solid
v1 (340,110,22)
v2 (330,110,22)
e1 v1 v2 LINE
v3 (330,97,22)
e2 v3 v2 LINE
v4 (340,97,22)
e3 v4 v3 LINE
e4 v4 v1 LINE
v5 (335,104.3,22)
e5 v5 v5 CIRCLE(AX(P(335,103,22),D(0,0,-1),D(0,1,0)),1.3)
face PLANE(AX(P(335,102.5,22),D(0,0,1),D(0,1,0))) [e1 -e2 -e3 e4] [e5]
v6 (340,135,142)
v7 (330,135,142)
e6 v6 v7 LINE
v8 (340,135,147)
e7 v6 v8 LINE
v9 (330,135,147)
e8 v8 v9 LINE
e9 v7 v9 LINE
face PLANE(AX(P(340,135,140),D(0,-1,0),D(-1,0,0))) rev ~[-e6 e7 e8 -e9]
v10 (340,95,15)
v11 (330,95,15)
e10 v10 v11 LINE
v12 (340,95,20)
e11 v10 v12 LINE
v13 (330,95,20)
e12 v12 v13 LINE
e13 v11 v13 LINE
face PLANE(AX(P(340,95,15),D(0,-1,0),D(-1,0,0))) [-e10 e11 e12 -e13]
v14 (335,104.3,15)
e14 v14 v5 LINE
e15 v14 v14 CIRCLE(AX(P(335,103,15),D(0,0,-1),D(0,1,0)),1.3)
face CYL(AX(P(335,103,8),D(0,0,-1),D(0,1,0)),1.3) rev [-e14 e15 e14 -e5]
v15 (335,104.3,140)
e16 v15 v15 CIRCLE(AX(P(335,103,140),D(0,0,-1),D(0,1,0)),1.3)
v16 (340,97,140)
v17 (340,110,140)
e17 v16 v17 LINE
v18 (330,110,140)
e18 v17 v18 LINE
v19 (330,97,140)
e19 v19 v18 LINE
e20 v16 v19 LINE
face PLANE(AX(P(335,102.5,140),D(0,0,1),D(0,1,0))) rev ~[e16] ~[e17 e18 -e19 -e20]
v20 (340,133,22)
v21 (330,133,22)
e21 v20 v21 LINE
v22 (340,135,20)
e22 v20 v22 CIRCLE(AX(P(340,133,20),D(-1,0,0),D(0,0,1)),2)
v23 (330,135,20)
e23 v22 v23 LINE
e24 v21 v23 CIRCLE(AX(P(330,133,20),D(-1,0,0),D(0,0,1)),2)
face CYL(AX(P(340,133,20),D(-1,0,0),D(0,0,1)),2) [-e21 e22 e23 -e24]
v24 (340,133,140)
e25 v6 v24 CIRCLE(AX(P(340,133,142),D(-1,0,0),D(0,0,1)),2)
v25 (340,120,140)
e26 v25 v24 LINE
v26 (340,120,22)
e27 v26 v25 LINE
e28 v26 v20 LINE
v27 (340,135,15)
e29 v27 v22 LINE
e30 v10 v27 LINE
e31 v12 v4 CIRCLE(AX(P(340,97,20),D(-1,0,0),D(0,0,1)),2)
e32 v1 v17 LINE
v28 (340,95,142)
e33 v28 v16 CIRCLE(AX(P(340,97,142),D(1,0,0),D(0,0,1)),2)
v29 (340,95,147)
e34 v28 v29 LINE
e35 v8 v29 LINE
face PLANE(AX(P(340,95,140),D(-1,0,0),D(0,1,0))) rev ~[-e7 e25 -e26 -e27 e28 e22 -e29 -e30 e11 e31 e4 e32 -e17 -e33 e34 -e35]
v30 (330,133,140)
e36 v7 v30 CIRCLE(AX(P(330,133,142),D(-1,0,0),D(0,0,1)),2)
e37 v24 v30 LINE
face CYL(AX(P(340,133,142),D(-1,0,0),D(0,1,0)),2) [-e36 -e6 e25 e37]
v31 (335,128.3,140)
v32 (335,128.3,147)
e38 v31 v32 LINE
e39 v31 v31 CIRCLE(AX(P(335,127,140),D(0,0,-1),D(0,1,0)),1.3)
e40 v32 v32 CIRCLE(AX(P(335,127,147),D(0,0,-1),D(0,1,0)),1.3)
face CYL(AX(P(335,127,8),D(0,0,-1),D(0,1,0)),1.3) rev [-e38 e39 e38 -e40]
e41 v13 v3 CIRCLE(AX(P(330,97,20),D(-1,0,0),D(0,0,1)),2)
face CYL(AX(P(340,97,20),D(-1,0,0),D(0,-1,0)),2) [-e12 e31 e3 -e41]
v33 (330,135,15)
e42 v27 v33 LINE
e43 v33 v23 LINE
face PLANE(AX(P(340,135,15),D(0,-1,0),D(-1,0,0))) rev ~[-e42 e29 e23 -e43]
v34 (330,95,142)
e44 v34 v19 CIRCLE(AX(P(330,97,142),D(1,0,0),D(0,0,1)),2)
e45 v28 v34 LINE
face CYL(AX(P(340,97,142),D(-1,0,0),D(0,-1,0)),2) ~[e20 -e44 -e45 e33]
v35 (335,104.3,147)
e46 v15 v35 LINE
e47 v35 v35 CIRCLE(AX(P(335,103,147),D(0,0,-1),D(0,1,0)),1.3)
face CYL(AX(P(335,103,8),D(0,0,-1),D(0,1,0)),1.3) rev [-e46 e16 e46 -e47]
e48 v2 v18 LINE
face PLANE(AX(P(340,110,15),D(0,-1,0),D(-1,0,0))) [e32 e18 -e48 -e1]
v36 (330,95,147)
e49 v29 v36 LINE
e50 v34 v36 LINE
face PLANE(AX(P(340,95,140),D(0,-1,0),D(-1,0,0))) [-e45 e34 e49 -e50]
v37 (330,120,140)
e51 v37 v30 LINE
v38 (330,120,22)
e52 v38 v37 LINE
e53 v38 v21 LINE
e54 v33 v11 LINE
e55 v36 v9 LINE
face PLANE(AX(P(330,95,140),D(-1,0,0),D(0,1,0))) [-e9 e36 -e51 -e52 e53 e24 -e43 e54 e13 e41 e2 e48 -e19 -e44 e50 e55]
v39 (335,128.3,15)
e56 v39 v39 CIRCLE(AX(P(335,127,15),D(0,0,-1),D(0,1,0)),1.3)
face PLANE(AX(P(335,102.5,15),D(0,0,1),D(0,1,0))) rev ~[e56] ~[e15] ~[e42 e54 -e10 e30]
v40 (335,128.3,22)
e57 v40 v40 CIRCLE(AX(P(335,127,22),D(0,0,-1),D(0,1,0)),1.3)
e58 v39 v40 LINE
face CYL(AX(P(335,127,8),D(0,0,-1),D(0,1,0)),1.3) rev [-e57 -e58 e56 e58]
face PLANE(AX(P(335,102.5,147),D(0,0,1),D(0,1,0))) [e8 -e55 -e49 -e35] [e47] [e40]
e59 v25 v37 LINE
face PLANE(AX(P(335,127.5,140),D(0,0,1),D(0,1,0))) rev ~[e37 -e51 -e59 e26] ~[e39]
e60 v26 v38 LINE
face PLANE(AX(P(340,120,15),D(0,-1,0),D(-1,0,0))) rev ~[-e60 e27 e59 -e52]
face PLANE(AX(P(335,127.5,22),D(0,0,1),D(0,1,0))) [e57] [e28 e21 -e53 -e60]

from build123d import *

# Parameters (mm, degrees)
CYLINDER020_R          = 1.3
CYLINDER020_DEPTH      = 146
CYLINDER019_R          = 1.3
CYLINDER019_DEPTH      = 146
BOX079_W               = 15
BOX079_H               = 10
BOX079_DEPTH           = 7
BOX080_W               = 10
BOX080_H               = 10
BOX080_DEPTH           = 132
BOX081_W               = 15
BOX081_H               = 10
BOX081_DEPTH           = 7
BOX078_W               = 15
BOX078_H               = 10
BOX078_DEPTH           = 7
BOX077_W               = 15
BOX077_H               = 10
BOX077_DEPTH           = 7
FILLET003_R            = 2
CUT033_PLACEMENT_ANGLE = 90


with BuildPart() as cilindro020:
    # Cylinder020 → Cylinder020 (new body)
    with BuildSketch(Plane(origin=(182, 5, 8), x_dir=(1, 0, 0), z_dir=(0, 0, 1))):
        Circle(CYLINDER020_R)
    extrude(amount=CYLINDER020_DEPTH)


with BuildPart() as cilindro019:
    # Cylinder019 → Cylinder019 (new body)
    with BuildSketch(Plane(origin=(158, 5, 8), x_dir=(1, 0, 0), z_dir=(0, 0, 1))):
        Circle(CYLINDER019_R)
    extrude(amount=CYLINDER019_DEPTH)


with BuildPart() as cubo042:
    # Box079 → Box079 (new body)
    with BuildSketch(Plane(origin=(175, 0, 15), x_dir=(1, 0, 0), z_dir=(0, 0, 1))):
        with Locations((7.5, 5)):
            Rectangle(BOX079_W, BOX079_H)
    extrude(amount=BOX079_DEPTH)


with BuildPart() as cubo043:
    # Box080 → Box080 (new body)
    with BuildSketch(Plane(origin=(165, 0, 15), x_dir=(1, 0, 0), z_dir=(0, 0, 1))):
        with Locations((5, 5)):
            Rectangle(BOX080_W, BOX080_H)
    extrude(amount=BOX080_DEPTH)


with BuildPart() as cubo044:
    # Box081 → Box081 (new body)
    with BuildSketch(Plane(origin=(150, 0, 15), x_dir=(1, 0, 0), z_dir=(0, 0, 1))):
        with Locations((7.5, 5)):
            Rectangle(BOX081_W, BOX081_H)
    extrude(amount=BOX081_DEPTH)


with BuildPart() as cubo041:
    # Box078 → Box078 (new body)
    with BuildSketch(Plane(origin=(150, 0, 140), x_dir=(1, 0, 0), z_dir=(0, 0, 1))):
        with Locations((7.5, 5)):
            Rectangle(BOX078_W, BOX078_H)
    extrude(amount=BOX078_DEPTH)


with BuildPart() as pilar004:
    # Box077 → Box077 (new body)
    with BuildSketch(Plane(origin=(175, 0, 140), x_dir=(1, 0, 0), z_dir=(0, 0, 1))):
        with Locations((7.5, 5)):
            Rectangle(BOX077_W, BOX077_H)
    extrude(amount=BOX077_DEPTH)

    # Fusion011: union Cubo042, Cubo043, Cubo044, Cubo041
    add(cubo042.part)
    add(cubo043.part)
    add(cubo044.part)
    add(cubo041.part)

    # Fillet003
    fillet003_edges = [pilar004.edges().sort_by_distance(p)[0] for p in [
        (190, 5, 140),
        (190, 5, 22),
        (150, 5, 22),
        (150, 5, 140),
    ]]
    fillet(fillet003_edges, radius=FILLET003_R)

    # Cut034: cut Cilindro019
    add(cilindro019.part, mode=Mode.SUBTRACT)

    # Cut033: cut Cilindro020
    add(cilindro020.part, mode=Mode.SUBTRACT)


with BuildPart() as pilar004_1:
    # Cut033 placement: moved
    add(pilar004.part.moved(Location((340, -55, 0))).rotate(Axis((340, -55, 0), (0, 0, 1)), CUT033_PLACEMENT_ANGLE))


solid = pilar004_1.part
